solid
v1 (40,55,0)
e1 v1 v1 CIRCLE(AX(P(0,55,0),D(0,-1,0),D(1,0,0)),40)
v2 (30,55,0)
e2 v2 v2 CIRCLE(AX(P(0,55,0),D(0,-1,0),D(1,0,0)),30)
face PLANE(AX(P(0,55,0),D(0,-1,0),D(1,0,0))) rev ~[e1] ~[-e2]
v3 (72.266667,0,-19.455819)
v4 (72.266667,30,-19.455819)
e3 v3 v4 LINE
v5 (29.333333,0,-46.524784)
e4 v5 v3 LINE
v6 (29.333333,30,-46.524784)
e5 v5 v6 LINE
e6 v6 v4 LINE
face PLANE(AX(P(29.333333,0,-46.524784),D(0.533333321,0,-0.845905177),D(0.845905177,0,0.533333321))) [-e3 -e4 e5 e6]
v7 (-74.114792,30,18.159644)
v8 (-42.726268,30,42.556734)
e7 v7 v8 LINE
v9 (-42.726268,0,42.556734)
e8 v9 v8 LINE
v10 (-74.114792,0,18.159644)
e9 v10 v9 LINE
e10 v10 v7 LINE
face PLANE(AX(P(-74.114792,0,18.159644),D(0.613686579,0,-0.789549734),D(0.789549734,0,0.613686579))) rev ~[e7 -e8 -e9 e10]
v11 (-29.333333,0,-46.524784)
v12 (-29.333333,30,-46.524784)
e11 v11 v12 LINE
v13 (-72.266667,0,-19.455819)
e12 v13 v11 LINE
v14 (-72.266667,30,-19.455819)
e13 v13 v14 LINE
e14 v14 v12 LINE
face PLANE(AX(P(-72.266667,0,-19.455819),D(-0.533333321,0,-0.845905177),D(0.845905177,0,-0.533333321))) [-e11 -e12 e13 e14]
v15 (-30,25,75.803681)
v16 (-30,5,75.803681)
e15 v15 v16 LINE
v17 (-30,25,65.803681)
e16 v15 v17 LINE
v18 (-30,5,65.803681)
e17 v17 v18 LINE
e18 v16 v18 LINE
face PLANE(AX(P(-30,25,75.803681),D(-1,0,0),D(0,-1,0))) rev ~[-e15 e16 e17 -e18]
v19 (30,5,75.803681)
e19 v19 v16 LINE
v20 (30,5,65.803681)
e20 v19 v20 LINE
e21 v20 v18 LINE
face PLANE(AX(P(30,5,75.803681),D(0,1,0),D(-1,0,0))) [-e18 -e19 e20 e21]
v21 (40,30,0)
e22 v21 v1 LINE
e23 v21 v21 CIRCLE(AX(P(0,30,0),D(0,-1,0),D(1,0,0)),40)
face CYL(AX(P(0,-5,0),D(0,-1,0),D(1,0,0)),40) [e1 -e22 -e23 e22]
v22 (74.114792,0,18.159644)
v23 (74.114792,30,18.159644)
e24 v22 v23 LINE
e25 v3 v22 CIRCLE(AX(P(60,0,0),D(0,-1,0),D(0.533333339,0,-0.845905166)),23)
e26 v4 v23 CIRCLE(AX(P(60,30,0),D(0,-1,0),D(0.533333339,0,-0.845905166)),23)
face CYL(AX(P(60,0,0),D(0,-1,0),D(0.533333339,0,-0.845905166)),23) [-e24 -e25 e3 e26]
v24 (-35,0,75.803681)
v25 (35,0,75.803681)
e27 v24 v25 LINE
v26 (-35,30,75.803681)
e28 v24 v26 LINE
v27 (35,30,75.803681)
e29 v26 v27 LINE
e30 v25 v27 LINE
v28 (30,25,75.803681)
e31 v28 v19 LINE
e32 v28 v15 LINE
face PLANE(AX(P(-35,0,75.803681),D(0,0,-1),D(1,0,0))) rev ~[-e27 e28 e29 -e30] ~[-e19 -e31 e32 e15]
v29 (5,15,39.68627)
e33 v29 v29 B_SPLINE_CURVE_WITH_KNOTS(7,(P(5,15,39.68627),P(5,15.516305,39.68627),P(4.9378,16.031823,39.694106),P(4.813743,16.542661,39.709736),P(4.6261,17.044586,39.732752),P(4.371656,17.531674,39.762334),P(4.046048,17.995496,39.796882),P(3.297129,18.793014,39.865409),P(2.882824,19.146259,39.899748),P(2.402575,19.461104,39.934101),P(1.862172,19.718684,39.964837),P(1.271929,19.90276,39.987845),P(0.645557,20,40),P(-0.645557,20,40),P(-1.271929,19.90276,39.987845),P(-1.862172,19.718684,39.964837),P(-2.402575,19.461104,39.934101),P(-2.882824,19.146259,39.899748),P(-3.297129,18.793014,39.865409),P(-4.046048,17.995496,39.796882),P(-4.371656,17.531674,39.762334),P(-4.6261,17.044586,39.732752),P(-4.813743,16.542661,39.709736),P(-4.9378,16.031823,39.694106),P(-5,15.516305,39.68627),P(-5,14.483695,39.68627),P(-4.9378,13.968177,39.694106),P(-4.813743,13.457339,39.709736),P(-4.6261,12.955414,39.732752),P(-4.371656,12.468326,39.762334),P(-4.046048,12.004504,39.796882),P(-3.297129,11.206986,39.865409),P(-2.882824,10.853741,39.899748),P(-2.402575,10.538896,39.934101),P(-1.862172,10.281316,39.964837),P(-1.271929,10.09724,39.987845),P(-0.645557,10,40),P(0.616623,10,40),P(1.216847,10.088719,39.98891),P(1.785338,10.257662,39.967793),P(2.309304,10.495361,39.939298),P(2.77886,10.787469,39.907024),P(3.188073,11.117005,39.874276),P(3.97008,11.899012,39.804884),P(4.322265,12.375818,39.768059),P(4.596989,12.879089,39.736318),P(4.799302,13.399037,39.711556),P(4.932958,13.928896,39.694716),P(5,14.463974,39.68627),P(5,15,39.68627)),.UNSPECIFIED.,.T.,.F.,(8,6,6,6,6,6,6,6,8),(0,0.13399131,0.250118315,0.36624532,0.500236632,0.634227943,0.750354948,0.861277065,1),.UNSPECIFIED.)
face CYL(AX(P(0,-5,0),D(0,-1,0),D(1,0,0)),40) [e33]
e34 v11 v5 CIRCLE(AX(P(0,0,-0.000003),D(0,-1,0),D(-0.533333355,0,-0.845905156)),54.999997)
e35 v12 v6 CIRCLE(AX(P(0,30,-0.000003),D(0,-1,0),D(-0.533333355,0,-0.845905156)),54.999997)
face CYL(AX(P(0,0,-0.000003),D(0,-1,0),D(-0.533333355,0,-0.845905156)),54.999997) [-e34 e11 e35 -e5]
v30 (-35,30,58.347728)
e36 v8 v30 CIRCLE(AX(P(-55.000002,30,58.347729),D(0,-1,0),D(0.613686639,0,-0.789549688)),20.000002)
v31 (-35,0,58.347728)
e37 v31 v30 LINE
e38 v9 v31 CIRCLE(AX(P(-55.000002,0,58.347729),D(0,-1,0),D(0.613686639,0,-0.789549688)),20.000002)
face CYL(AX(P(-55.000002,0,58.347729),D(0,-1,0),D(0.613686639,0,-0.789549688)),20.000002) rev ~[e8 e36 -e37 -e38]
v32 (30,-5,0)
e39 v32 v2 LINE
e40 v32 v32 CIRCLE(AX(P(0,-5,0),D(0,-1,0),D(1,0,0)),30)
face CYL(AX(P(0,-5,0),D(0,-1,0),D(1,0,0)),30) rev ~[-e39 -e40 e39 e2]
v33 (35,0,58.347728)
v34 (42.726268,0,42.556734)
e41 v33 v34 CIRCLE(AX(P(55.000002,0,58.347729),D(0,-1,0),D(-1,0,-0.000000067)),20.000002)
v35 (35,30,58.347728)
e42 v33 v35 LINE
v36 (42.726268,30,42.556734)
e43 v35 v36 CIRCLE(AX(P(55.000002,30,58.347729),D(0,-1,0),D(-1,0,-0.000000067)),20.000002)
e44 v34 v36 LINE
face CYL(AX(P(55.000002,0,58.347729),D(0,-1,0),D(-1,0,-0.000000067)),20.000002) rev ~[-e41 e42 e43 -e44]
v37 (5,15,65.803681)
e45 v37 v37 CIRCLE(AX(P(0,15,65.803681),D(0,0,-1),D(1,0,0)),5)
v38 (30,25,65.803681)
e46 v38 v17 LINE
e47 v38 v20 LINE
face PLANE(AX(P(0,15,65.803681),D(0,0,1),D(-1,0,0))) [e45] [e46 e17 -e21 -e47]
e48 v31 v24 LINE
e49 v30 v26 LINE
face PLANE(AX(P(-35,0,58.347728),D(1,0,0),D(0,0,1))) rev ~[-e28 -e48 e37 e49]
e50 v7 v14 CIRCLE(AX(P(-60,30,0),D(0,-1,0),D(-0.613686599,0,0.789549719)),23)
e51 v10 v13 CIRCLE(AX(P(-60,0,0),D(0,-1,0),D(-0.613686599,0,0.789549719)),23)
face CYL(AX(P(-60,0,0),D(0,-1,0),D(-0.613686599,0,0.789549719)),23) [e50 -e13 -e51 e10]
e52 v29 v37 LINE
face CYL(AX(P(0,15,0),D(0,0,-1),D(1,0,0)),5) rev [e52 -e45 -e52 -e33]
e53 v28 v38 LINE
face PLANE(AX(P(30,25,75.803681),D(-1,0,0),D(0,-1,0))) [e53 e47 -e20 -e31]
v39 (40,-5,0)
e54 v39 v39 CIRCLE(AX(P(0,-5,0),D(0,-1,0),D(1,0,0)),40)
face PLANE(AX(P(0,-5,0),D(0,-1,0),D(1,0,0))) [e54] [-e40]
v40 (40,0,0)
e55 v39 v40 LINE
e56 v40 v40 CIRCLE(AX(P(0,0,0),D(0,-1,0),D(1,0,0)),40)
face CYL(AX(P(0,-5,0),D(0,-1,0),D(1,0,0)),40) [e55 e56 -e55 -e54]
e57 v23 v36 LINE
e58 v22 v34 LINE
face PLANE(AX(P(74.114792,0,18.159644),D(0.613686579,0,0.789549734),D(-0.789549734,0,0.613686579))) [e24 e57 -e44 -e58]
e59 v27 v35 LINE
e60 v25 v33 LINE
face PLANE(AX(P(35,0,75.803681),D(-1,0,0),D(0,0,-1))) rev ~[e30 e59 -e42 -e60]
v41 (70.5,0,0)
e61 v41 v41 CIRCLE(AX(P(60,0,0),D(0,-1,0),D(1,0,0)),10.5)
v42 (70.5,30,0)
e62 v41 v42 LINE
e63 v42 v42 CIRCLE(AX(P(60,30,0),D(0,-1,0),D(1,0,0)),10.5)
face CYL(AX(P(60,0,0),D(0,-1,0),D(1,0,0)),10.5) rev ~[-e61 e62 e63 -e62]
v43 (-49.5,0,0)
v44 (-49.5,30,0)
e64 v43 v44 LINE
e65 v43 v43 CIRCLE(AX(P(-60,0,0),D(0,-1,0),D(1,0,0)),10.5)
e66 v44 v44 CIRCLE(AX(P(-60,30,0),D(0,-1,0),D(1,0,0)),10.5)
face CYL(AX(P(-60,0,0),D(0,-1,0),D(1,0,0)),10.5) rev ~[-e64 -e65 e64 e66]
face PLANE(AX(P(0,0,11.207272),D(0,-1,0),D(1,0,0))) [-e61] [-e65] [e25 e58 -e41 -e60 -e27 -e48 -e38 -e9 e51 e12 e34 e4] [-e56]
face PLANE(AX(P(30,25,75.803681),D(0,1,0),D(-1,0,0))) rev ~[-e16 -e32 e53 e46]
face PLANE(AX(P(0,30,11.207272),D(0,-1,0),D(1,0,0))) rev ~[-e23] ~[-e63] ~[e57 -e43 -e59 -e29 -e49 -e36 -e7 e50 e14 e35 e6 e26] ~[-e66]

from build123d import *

# Parameters (mm, degrees)
SKETCH_R        = 40
SKETCH_R_2      = 10.5
PAD_DEPTH       = 30
SKETCH001_R     = 5
POCKET_DEPTH    = 75.804681
SKETCH002_W     = 60
SKETCH002_H     = 20
POCKET001_DEPTH = 10
SKETCH003_R     = 40
SKETCH003_R_2   = 30
PAD001_DEPTH    = 60


with BuildPart() as part:
    # Sketch → Pad (new body)
    with BuildSketch(Plane.XZ):
        with BuildLine():
            ThreePointArc((-29.333333, -46.524784), (0, -55), (29.333333, -46.524784))
            Line((29.333333, -46.524784), (72.266667, -19.455819))
            ThreePointArc((72.266667, -19.455819), (82.97229, -1.128676), (74.114792, 18.159644))
            Line((74.114792, 18.159644), (42.726268, 42.556734))
            ThreePointArc((35, 58.347728), (37.035109, 49.557809), (42.726268, 42.556734))
            Line((35, 75.803681), (35, 58.347728))
            Line((-35, 75.803681), (35, 75.803681))
            Line((-35, 58.347728), (-35, 75.803681))
            ThreePointArc((-42.726268, 42.556734), (-37.035109, 49.557809), (-35, 58.347728))
            Line((-74.114792, 18.159644), (-42.726268, 42.556734))
            ThreePointArc((-74.114792, 18.159644), (-82.97229, -1.128676), (-72.266667, -19.455819))
            Line((-72.266667, -19.455819), (-29.333333, -46.524784))
        make_face()
        Circle(SKETCH_R, mode=Mode.SUBTRACT)
        with Locations((-60, 0)):
            Circle(SKETCH_R_2, mode=Mode.SUBTRACT)
        with Locations((60, 0)):
            Circle(SKETCH_R_2, mode=Mode.SUBTRACT)
    extrude(amount=-PAD_DEPTH)

    # Sketch001 → Pocket (cut, through all)
    with BuildSketch(Plane.XY):
        with Locations((0, 15)):
            Circle(SKETCH001_R)
    extrude(amount=POCKET_DEPTH, mode=Mode.SUBTRACT)

    # Sketch002 (on Face13 of Pocket) → Pocket001 (cut)
    with BuildSketch(Plane(origin=(0, 0, 75.803681), x_dir=(-1, 0, 0), z_dir=(0, 0, 1))):
        with Locations((0, -15)):
            Rectangle(SKETCH002_W, SKETCH002_H)
    extrude(amount=-POCKET001_DEPTH, mode=Mode.SUBTRACT)

    # Sketch003 (on DatumPlane) → Pad001 (join)
    with BuildSketch(Plane.XZ.offset(5)):
        Circle(SKETCH003_R)
        Circle(SKETCH003_R_2, mode=Mode.SUBTRACT)
    extrude(amount=-PAD001_DEPTH)


solid = part.part
